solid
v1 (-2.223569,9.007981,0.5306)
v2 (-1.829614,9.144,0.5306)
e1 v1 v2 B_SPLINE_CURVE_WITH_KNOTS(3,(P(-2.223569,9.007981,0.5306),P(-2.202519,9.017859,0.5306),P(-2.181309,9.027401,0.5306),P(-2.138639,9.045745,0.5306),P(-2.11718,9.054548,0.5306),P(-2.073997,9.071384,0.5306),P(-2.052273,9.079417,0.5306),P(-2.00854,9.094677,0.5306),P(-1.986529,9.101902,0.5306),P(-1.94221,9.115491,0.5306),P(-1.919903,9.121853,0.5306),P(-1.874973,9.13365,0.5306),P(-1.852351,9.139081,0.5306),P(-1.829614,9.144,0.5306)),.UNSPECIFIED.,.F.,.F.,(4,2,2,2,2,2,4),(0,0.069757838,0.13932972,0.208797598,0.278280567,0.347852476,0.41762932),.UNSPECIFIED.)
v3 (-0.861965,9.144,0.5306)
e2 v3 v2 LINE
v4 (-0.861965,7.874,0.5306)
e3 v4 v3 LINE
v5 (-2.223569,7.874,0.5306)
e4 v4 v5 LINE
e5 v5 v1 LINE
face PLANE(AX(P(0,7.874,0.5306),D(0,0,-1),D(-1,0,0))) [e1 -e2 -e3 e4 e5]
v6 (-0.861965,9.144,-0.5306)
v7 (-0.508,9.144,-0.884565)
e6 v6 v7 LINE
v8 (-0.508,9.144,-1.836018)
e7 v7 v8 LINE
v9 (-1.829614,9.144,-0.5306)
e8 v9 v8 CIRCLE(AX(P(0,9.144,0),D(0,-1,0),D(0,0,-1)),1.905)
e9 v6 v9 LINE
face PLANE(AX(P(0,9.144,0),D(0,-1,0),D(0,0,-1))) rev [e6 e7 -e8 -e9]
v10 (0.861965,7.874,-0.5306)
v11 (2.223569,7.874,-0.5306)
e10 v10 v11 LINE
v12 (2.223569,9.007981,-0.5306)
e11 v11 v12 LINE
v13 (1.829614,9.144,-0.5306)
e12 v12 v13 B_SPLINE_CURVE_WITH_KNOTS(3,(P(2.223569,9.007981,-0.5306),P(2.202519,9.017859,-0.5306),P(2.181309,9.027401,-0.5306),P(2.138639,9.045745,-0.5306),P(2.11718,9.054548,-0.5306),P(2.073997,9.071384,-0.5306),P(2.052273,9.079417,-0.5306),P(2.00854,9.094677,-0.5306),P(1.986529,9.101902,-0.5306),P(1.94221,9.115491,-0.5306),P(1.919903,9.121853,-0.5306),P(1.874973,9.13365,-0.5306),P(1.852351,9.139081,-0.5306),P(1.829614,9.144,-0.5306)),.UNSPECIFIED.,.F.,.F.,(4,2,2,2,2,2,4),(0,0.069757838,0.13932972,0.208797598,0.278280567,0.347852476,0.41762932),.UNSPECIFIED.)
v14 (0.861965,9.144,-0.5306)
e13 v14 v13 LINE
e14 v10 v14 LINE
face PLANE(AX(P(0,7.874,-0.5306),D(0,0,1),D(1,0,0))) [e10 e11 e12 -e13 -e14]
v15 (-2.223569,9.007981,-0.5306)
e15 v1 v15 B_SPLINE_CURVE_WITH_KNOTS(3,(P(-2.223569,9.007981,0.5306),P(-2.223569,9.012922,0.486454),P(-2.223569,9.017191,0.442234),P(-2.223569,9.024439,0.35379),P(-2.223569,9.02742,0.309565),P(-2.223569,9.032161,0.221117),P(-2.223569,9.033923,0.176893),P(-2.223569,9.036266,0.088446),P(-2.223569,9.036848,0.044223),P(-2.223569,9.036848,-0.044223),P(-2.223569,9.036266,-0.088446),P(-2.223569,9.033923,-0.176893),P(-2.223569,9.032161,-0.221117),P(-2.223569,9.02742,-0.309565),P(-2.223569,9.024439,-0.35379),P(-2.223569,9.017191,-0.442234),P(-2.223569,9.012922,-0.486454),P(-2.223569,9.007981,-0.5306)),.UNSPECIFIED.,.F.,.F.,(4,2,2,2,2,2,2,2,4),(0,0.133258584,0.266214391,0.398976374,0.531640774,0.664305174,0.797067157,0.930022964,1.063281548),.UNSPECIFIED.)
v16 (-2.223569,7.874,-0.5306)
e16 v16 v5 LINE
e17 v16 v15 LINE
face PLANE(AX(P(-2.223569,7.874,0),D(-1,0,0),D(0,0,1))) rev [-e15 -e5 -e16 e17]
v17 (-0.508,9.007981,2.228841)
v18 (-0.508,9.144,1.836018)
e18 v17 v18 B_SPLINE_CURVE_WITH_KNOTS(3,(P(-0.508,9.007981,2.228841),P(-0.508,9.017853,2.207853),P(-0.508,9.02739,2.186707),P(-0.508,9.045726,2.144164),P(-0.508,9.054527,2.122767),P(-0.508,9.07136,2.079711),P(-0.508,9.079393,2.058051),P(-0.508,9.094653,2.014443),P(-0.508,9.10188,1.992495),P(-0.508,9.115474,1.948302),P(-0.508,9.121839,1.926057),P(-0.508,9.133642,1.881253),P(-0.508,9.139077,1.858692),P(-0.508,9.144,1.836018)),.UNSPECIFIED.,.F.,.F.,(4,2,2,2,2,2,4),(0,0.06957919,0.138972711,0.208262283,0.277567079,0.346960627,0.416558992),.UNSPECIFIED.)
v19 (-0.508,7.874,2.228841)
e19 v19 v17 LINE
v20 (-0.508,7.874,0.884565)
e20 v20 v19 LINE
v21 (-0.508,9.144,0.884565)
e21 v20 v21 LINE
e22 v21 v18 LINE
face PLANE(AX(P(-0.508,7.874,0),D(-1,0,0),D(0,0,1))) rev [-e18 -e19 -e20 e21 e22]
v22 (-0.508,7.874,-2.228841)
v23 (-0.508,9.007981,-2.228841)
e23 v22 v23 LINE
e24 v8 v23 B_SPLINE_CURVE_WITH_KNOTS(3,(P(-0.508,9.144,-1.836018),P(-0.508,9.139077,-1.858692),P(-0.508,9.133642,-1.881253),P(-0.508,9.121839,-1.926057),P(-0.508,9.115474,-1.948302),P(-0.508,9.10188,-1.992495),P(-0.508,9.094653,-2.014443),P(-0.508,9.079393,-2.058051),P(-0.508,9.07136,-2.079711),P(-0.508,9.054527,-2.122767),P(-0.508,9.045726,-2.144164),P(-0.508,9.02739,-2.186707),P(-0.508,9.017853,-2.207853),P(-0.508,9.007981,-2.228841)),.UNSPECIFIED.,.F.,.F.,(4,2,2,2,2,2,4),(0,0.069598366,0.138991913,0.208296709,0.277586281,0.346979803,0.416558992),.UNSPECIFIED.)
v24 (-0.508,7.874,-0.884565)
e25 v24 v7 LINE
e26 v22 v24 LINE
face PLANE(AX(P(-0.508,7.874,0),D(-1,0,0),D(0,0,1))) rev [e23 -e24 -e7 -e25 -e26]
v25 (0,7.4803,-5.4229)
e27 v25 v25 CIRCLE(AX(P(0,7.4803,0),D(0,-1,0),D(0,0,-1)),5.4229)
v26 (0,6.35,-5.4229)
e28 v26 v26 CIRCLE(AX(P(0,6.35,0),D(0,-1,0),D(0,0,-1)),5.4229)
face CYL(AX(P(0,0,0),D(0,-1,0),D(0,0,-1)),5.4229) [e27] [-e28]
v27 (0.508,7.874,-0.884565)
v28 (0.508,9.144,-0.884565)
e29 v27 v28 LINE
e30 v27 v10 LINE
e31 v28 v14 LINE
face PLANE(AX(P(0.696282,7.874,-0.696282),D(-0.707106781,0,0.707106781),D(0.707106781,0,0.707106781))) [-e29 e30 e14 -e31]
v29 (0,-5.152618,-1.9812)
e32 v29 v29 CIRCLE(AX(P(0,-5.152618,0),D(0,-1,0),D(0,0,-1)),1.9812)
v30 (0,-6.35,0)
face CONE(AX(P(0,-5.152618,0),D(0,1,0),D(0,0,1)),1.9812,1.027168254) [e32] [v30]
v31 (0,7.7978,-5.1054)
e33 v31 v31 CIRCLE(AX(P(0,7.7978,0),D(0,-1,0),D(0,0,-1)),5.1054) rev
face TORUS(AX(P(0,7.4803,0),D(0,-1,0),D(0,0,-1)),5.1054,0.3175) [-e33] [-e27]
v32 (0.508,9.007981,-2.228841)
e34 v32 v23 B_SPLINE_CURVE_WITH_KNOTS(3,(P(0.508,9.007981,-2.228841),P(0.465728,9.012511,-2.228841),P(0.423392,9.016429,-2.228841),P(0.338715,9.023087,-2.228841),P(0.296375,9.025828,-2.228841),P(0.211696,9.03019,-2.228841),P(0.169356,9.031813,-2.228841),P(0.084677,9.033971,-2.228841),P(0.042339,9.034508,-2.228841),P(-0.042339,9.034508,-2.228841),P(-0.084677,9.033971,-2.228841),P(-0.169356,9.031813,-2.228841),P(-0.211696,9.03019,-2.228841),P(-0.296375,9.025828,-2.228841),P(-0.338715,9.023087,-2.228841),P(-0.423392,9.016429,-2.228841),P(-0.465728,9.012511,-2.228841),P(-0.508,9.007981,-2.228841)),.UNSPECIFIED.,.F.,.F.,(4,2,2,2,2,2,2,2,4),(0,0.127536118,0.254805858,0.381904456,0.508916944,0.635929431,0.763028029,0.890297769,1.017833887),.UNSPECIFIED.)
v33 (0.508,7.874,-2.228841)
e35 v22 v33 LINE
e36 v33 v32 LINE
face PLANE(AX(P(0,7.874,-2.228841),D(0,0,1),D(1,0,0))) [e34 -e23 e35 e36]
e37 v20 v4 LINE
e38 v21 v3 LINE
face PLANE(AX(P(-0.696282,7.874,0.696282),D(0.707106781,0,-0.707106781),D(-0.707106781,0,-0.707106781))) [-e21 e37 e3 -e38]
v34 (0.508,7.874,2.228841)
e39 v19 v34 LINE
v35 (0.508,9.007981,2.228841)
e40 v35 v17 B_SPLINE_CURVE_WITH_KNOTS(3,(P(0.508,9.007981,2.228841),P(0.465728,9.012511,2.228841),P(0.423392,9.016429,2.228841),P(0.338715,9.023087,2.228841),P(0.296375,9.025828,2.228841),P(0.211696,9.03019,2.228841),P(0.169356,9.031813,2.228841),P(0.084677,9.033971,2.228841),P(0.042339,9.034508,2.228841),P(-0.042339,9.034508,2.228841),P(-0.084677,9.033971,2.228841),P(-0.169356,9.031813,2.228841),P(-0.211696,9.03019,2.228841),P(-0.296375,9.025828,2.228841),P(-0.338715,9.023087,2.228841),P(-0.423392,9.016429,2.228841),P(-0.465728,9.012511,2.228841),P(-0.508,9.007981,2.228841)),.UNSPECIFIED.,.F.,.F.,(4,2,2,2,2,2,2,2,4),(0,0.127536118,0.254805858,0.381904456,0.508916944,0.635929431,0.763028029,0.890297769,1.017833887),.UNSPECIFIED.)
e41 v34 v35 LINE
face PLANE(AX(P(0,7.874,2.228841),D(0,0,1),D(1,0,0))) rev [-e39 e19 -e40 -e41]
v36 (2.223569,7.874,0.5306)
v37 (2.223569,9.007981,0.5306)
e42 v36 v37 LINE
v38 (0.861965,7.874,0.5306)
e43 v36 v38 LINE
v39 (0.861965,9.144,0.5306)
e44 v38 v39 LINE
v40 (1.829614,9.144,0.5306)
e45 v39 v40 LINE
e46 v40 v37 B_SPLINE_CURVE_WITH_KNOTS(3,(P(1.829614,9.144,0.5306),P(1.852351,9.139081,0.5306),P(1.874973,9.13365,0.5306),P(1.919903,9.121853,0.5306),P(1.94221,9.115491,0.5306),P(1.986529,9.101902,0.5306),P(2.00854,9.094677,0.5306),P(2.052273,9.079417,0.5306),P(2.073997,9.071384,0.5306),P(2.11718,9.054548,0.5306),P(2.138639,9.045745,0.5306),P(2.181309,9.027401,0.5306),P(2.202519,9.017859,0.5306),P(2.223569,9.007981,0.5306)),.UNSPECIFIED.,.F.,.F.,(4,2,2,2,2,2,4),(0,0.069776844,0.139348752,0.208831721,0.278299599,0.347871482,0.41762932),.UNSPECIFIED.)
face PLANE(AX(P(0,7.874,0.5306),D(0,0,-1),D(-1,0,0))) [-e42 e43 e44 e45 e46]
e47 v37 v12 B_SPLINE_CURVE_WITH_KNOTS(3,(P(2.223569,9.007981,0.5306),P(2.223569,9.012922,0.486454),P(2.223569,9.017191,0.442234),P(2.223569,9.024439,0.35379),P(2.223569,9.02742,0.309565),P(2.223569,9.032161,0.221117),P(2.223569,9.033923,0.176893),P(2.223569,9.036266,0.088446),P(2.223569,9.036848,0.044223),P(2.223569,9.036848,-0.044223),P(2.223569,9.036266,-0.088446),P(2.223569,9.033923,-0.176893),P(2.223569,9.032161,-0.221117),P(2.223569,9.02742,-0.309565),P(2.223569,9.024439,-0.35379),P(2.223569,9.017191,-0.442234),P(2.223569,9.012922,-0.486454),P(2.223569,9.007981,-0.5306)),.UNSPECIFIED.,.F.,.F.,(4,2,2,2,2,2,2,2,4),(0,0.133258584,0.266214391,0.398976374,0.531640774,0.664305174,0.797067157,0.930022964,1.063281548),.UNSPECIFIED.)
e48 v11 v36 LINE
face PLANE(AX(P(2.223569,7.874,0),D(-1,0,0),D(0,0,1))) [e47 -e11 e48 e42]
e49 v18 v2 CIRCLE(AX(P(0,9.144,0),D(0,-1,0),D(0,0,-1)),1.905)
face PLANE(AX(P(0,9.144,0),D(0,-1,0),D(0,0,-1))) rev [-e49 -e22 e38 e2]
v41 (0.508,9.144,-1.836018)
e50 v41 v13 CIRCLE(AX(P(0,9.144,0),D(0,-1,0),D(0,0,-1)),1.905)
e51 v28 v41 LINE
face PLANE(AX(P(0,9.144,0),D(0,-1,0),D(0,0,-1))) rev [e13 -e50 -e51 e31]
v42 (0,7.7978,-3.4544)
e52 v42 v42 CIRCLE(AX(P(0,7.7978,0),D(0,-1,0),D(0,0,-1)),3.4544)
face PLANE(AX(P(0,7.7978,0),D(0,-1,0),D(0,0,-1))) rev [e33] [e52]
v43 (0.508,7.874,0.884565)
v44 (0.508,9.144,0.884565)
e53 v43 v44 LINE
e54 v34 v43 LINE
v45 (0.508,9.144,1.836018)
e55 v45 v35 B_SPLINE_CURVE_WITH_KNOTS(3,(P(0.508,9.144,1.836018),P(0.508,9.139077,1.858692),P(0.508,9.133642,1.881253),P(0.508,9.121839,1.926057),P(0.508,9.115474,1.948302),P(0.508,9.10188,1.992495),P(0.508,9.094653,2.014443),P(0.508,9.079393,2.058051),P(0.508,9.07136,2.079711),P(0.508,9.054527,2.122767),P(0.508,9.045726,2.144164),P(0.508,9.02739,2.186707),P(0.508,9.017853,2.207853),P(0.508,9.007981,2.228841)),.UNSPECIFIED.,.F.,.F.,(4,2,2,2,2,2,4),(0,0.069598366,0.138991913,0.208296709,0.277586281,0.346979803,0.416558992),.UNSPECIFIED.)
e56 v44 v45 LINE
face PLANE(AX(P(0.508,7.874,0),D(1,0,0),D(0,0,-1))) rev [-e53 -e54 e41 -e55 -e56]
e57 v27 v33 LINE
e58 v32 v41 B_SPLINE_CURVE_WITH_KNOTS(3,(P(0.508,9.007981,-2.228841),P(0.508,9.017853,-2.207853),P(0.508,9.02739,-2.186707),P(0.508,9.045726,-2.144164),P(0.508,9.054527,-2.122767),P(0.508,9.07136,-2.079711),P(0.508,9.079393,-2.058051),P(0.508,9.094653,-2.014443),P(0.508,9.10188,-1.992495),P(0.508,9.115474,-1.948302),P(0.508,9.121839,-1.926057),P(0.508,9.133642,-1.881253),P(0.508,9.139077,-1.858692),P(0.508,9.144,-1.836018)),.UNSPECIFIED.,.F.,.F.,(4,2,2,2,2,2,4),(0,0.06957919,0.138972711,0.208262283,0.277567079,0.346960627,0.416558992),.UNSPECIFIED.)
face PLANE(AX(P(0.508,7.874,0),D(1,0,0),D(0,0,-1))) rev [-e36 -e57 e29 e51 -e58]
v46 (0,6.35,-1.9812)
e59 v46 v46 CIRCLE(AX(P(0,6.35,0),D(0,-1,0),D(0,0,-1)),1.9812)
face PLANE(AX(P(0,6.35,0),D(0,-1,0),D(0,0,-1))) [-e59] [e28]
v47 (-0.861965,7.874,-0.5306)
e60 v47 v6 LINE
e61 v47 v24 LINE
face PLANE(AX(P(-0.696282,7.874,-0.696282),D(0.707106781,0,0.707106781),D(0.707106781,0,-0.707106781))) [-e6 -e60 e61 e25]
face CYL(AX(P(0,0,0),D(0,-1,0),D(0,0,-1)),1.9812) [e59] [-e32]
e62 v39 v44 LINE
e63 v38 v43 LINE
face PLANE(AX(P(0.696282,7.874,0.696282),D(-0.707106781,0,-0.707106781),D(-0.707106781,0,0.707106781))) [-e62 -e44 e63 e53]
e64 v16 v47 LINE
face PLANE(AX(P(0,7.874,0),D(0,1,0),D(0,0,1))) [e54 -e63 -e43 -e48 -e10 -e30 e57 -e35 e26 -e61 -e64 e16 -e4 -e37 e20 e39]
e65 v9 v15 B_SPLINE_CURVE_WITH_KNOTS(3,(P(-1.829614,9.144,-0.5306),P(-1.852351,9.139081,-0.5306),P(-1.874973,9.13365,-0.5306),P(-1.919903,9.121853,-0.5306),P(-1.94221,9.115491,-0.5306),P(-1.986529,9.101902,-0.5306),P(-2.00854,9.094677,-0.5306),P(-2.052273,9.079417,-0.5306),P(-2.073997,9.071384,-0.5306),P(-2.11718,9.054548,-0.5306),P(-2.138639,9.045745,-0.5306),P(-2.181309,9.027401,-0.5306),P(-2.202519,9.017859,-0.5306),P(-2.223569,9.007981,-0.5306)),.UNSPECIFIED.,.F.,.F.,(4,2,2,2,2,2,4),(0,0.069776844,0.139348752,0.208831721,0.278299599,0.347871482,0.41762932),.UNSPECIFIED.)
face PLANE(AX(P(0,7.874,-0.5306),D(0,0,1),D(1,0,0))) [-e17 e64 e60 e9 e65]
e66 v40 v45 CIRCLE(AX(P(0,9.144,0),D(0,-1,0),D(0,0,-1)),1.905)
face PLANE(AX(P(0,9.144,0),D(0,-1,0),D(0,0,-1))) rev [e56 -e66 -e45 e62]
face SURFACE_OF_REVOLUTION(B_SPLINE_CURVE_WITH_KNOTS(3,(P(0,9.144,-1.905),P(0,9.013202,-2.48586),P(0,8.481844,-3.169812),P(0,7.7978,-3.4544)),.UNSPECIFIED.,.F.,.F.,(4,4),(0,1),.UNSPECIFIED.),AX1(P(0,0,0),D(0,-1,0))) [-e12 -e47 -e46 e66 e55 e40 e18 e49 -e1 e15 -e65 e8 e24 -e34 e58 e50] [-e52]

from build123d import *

# Parameters (mm, degrees)
SKETCH2_W          = 1.9812
SKETCH2_H          = 6.35
CUT_EXTRUDE1_DEPTH = 1.27
FILLET1_R          = 0.3175


with BuildPart() as part:
    # Sketch2 → Revolve2 (revolve)
    with BuildSketch(Plane(origin=(0, 0, 0), x_dir=(0, 0, -1), z_dir=(1, 0, 0))):
        with BuildLine():
            Line((0, 9.144), (0, 7.7978))
            Line((0, 7.7978), (3.4544, 7.7978))
            add(Edge.make_bspline(
                [(1.905, 9.144), (2.485859984, 9.013201575), (3.169812282, 8.481844182), (3.4544, 7.7978)],
                knots=[0, 0, 0, 0, 1, 1, 1, 1], degree=3))
            Line((1.905, 9.144), (0, 9.144))
        make_face()
        Polygon((0, 7.7978), (0, 6.35), (1.9812, 6.35), (5.4229, 6.35), (5.4229, 7.7978), (3.4544, 7.7978), align=None)
        with Locations((0.9906, 3.175)):
            Rectangle(SKETCH2_W, SKETCH2_H)
        Polygon((1.9812, -5.152618014), (0, -6.35), (0, 0), (1.9812, 0), align=None)
    revolve(axis=Axis((0, 0, 0), (0, 1, 0)))

    # Sketch4 → Cut-Extrude1 (cut)
    with BuildSketch(Plane(origin=(0, 9.144, 0), x_dir=(1, 0, 0), z_dir=(0, 1, 0))):
        Polygon((-0.508, 2.228840954), (0.508, 2.228840954), (0.508, 0.884564976), (0.861964761, 0.530600214), (2.223569071, 0.530600214), (2.223569071, -0.530600214), (0.861964761, -0.530600214), (0.508, -0.884564976), (0.508, -2.228840954), (-0.508, -2.228840954), (-0.508, -0.884564976), (-0.861964761, -0.530600214), (-2.223569071, -0.530600214), (-2.223569071, 0.530600214), (-0.861964761, 0.530600214), (-0.508, 0.884564976), align=None)
    extrude(amount=-CUT_EXTRUDE1_DEPTH, mode=Mode.SUBTRACT)

    # Fillet1
    fillet1_edges = [part.edges().sort_by_distance(p)[0] for p in [
        (0, 7.7978, 5.4229),
    ]]
    fillet(fillet1_edges, radius=FILLET1_R)


solid = part.part
